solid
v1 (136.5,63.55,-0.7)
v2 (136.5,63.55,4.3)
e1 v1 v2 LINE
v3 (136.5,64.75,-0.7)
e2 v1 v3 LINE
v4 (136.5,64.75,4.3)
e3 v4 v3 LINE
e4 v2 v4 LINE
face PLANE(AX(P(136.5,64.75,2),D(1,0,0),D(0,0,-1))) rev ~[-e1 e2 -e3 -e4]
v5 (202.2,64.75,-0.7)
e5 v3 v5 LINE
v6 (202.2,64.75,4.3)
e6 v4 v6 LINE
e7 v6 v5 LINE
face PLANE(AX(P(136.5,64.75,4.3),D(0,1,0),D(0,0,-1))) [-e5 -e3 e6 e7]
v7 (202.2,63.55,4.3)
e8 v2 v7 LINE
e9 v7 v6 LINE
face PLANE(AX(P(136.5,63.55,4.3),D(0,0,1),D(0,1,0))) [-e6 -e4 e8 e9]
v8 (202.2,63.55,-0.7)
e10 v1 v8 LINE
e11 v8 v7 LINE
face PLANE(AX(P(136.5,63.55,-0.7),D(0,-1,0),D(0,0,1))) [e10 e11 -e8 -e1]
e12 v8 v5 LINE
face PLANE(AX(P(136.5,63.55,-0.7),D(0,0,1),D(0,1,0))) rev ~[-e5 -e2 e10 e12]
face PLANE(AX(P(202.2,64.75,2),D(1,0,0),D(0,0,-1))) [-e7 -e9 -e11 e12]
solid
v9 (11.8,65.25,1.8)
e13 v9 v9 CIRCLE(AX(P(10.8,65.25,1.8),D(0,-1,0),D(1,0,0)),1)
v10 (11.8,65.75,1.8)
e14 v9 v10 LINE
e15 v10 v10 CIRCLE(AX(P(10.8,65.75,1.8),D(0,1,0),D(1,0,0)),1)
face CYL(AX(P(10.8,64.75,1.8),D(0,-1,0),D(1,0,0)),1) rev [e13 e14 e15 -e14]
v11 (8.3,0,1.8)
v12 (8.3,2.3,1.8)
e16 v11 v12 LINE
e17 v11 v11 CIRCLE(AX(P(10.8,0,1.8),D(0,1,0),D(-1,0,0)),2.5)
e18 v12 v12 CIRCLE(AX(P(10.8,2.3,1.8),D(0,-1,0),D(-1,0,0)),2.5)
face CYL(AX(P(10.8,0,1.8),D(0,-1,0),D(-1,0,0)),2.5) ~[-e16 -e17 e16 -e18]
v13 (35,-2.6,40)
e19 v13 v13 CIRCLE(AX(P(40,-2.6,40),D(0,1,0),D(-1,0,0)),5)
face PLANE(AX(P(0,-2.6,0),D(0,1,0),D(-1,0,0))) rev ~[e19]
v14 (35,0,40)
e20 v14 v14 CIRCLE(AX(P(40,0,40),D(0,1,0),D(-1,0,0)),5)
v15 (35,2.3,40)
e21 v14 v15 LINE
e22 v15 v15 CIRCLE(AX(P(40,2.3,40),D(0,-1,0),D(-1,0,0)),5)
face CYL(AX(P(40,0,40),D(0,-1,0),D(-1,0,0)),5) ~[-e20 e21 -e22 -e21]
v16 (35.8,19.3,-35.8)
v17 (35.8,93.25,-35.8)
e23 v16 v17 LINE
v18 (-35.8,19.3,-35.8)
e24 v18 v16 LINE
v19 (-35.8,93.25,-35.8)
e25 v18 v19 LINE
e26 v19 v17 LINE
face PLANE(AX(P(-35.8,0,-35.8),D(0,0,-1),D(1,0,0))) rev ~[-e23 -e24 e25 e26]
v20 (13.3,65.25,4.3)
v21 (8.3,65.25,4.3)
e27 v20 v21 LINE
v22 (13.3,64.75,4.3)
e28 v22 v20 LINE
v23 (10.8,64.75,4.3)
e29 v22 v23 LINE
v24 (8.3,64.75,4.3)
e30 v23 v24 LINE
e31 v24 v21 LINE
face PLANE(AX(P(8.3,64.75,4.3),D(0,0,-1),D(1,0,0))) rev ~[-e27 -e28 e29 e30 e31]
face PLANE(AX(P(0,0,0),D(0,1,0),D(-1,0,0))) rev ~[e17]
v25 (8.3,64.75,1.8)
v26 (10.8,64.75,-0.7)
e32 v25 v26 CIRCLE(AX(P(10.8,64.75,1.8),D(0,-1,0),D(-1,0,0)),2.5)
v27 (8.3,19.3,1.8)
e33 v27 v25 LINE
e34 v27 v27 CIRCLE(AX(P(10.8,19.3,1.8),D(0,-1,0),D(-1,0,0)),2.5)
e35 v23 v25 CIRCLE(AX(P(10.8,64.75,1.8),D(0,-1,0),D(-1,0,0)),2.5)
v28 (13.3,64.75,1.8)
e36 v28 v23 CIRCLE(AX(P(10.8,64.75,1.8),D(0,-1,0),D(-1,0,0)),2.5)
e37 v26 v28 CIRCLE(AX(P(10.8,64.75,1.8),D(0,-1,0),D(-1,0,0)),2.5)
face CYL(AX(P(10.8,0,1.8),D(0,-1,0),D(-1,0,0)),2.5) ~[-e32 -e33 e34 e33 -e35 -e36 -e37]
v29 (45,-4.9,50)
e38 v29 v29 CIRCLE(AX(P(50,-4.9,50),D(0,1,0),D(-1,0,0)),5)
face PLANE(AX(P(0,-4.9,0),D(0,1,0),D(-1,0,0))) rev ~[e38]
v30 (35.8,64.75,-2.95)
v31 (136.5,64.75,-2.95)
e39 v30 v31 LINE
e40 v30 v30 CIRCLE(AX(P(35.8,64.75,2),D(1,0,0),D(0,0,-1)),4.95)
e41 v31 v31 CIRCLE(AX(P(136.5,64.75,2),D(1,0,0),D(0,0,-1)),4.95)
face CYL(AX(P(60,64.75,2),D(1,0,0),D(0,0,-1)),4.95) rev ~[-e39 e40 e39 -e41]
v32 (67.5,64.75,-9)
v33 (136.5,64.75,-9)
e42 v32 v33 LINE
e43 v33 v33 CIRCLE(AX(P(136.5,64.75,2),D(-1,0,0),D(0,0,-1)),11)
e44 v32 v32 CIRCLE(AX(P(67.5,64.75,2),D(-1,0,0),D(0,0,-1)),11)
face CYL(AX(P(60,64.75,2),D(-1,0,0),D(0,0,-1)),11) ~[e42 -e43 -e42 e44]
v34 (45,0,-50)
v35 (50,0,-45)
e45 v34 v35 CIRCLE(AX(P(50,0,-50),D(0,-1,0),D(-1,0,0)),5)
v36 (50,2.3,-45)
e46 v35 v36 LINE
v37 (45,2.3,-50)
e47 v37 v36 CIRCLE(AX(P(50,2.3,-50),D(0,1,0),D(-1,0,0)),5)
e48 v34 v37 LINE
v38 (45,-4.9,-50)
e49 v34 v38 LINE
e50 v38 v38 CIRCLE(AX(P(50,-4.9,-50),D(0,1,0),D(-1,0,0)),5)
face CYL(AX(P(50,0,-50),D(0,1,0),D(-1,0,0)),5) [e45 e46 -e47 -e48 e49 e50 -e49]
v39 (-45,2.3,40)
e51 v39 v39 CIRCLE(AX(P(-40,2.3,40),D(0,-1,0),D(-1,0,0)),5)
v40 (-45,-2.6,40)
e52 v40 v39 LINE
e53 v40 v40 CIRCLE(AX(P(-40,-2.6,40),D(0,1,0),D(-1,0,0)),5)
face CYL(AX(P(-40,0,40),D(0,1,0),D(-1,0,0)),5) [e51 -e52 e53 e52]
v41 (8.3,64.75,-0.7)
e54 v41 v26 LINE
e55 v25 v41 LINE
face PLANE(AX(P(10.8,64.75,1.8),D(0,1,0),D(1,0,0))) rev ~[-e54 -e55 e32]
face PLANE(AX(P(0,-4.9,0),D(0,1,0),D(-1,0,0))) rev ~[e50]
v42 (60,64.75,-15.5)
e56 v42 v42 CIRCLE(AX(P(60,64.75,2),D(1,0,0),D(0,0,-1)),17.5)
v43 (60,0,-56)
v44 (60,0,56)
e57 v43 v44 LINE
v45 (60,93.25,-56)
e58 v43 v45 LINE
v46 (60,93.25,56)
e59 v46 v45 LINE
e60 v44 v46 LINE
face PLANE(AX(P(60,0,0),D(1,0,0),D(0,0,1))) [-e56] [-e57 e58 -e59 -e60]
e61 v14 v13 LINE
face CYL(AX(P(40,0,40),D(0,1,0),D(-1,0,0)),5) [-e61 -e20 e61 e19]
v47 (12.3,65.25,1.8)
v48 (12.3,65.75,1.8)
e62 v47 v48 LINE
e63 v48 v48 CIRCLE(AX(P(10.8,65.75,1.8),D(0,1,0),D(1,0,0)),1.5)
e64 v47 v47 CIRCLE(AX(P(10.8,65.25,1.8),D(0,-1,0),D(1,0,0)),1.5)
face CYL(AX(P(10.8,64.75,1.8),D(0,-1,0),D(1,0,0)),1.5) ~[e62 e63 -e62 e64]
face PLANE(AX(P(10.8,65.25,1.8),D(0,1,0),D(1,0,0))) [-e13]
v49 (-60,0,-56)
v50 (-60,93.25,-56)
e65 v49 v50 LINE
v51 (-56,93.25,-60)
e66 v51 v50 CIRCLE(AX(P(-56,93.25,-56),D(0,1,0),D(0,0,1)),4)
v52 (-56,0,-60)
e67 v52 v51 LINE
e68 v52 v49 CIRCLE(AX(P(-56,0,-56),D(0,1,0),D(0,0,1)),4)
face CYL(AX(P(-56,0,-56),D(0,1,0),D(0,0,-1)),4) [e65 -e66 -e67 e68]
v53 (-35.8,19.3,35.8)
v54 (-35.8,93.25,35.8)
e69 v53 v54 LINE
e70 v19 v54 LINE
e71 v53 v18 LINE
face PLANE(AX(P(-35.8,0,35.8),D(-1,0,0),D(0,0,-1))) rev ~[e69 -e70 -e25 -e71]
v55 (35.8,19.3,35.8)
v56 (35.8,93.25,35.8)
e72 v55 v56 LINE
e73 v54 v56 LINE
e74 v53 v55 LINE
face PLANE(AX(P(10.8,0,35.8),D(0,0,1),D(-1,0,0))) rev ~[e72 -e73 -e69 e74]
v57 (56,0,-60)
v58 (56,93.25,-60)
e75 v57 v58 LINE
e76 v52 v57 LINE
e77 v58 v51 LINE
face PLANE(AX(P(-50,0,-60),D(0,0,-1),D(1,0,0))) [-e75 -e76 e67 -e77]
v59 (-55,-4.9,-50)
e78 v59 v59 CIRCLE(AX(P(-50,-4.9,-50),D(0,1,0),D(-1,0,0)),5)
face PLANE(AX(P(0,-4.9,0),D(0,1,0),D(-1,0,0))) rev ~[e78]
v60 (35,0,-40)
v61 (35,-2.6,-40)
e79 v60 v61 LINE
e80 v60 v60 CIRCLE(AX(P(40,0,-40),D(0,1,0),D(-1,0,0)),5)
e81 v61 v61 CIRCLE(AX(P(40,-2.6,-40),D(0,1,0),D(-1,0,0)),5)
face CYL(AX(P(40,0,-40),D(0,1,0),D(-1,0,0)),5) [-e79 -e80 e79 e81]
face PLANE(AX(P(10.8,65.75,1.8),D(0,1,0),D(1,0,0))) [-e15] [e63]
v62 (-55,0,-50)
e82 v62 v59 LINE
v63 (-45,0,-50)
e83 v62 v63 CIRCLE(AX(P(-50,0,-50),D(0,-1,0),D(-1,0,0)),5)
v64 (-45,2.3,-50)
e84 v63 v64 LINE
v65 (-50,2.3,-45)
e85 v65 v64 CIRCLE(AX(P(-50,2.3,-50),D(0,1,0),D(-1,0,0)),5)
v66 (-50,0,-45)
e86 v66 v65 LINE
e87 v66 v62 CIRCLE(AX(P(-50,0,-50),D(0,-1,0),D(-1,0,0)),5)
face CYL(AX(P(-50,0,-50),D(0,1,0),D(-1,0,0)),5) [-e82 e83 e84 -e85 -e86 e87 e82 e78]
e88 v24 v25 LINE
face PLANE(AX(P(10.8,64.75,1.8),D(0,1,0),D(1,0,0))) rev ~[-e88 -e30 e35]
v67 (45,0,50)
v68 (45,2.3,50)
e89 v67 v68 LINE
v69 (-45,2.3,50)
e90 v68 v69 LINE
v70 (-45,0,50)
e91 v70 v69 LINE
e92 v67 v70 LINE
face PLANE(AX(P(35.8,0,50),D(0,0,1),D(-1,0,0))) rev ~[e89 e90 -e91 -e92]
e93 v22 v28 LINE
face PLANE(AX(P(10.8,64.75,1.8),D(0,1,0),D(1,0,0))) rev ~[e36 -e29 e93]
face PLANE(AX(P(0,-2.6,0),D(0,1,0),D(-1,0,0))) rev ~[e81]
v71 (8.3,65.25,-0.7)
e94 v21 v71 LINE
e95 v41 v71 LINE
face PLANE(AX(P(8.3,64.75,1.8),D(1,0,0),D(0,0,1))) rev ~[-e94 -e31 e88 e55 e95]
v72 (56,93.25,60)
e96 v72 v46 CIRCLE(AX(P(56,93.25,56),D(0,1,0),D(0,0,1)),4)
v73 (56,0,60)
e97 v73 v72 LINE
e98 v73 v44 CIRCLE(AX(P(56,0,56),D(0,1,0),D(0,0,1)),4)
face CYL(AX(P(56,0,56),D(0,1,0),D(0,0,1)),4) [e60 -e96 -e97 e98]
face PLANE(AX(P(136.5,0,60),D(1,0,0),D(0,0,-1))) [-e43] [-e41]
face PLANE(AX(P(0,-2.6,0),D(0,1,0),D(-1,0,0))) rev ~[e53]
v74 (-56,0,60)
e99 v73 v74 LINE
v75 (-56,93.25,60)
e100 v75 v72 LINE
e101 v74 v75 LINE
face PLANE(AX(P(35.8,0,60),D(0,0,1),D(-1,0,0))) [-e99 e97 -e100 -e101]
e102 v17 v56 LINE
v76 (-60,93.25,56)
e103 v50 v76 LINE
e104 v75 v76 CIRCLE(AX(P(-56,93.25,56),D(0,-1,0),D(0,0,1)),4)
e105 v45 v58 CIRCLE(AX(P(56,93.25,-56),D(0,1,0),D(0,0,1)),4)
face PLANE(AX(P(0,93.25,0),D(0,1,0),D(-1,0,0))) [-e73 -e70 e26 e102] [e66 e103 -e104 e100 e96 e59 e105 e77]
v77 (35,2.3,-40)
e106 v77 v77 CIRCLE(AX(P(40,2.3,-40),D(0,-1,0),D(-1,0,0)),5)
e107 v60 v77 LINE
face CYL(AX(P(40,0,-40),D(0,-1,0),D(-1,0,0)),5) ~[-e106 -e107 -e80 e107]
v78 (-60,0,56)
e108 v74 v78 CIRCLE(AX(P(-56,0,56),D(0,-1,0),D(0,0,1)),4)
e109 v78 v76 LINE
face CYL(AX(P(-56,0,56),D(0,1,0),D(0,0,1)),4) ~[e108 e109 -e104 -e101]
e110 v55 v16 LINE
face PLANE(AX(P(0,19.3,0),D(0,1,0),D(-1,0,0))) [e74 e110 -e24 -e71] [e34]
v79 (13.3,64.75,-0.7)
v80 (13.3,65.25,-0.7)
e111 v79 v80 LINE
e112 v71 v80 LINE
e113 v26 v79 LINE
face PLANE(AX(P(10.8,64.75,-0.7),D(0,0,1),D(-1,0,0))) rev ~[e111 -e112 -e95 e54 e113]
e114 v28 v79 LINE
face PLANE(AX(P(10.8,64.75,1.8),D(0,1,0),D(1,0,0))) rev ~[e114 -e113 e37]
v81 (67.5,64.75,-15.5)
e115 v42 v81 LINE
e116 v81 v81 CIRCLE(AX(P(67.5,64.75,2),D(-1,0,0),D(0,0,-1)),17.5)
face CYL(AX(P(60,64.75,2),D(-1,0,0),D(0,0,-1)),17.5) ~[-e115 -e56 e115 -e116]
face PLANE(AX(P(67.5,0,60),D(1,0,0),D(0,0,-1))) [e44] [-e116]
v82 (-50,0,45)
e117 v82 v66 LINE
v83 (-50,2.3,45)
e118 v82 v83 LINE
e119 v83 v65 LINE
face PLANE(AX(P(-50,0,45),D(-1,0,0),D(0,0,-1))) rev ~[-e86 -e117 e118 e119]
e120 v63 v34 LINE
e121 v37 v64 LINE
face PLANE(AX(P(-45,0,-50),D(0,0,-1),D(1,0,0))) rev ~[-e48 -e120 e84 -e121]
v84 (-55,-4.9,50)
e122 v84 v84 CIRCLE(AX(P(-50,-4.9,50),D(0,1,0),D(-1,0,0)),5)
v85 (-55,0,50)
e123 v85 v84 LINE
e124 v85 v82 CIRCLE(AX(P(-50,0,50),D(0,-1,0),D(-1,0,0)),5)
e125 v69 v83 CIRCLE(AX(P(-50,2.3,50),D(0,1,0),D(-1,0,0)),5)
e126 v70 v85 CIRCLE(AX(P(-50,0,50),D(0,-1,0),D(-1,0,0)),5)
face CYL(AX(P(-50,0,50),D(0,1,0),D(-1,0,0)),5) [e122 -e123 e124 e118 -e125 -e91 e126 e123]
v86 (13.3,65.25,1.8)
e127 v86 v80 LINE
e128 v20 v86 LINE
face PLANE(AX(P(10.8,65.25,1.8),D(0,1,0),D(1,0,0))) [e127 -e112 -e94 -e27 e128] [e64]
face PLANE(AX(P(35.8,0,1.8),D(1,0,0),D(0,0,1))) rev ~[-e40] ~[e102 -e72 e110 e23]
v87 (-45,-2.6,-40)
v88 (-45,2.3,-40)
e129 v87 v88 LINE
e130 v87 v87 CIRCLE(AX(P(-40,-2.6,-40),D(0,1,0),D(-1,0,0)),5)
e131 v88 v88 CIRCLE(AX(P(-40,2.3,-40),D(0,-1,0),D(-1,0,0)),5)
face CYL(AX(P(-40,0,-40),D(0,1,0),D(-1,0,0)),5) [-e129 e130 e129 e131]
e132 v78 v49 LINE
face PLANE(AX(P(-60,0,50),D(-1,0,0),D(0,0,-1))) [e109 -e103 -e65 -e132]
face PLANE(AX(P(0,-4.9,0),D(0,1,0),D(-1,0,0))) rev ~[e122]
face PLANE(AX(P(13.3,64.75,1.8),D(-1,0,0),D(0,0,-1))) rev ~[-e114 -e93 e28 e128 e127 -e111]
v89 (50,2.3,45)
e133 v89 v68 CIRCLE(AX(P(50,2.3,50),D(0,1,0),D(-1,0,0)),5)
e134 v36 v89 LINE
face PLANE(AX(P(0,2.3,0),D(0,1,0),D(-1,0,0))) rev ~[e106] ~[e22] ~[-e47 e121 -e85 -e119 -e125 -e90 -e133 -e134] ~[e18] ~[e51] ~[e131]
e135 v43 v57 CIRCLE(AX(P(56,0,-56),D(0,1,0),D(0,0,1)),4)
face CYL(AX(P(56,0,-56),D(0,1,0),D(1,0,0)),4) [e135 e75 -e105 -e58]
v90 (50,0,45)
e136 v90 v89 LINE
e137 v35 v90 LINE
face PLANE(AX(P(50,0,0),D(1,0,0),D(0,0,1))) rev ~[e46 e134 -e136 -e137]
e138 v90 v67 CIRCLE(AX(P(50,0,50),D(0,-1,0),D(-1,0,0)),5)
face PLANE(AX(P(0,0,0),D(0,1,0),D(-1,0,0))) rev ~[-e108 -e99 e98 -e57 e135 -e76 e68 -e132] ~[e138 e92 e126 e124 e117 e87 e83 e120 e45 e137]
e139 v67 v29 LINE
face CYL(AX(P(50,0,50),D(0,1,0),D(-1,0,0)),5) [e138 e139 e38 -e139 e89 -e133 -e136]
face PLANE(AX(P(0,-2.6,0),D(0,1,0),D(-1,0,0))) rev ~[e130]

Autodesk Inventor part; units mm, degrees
ref_plane "YZ Plane" through (0, 0, 0) normal (1, 0, 0) x (0, 1, 0)
ref_plane "XZ Plane" through (0, 0, 0) normal (0, 1, 0) x (-1, 0, 0)
ref_plane "XY Plane" through (0, 0, 0) normal (0, 0, 1) x (1, 0, 0)
sketch "Sketch1" plane through (0, 0, 0) normal (0, 1, 0) x (-1, 0, 0)
  line L0 (0, 0) -> (60, 0)
  line L1 (60, 0) -> (60, -60)
  line L2 (60, -60) -> (-60, -60)
  line L3 (-60, -60) -> (-60, 60)
  line L4 (-60, 60) -> (60, 60)
  line L5 (60, 60) -> (60, -60)
  line L6 (-60, 0) -> (-35.8, 0)
  line L7 (-35.8, 60) -> (-35.8, 35.8)
  line L8 (60, 0) -> (35.8, 0)
  line L9 (35.8, -60) -> (35.8, -35.8)
  line L10 (-35.8, 35.8) -> (35.8, 35.8)
  line L11 (35.8, 35.8) -> (35.8, -35.8)
  line L12 (35.8, -35.8) -> (-35.8, -35.8)
  line L13 (-35.8, -35.8) -> (-35.8, 35.8)
  line L14 (-60, 60) -> (-50, 60)
  line L15 (-50, 60) -> (-50, 50)
  line L16 (-50, 50) -> (-60, 50)
  line L17 (-60, 50) -> (-60, 60)
  line L18 (60, 60) -> (50, 60)
  line L19 (50, 60) -> (50, 50)
  line L20 (50, 50) -> (60, 50)
  line L21 (60, 50) -> (60, 60)
  line L22 (60, -60) -> (50, -60)
  line L23 (50, -60) -> (50, -50)
  line L24 (50, -50) -> (60, -50)
  line L25 (60, -50) -> (60, -60)
  line L26 (-60, -60) -> (-50, -60)
  line L27 (-50, -60) -> (-50, -50)
  line L28 (-50, -50) -> (-60, -50)
  line L29 (-60, -50) -> (-60, -60)
  line L30 (-50, 50) -> (50, 50)
  line L31 (50, 50) -> (50, -50)
  line L32 (50, -50) -> (-50, -50)
  line L33 (-50, -50) -> (-50, 50)
  circle A0 centre (-50, 50) radius 5
  circle A1 centre (-50, -50) radius 5
  circle A2 centre (50, -50) radius 5
  circle A3 centre (50, 50) radius 5
  line L34 (-35.8, 35.8) -> (-10.8, 35.8)
  line L35 (-10.8, 35.8) -> (-10.8, 1.8)
  line L36 (-10.8, 1.8) -> (-35.8, 1.8)
  line L37 (-35.8, 1.8) -> (-35.8, 35.8)
  circle A4 centre (-10.8, 1.8) radius 2.5
  line L38 (-50, -50) -> (-40, -50)
  line L39 (-40, -50) -> (-40, -40)
  line L40 (-40, -40) -> (-50, -40)
  line L41 (-50, -40) -> (-50, -50)
  line L42 (-40, -40) -> (40, -40)
  line L43 (40, -40) -> (40, 40)
  line L44 (40, 40) -> (-40, 40)
  line L45 (-40, 40) -> (-40, -40)
  circle A5 centre (-40, -40) radius 5
  circle A6 centre (40, -40) radius 5
  circle A7 centre (40, 40) radius 5
  circle A8 centre (-40, 40) radius 5
  point P0 (45, -50)
  point P1 (50, -45)
  point P2 (50, 45)
  point P3 (45, 50)
  point P4 (-45, 50)
  point P5 (-50, 45)
  point P6 (-50, -45)
  point P7 (-45, -50)
  dimension "d0" = 60
  dimension "d1" = 60
  dimension "d2" = 120
  dimension "d3" = 120
  dimension "d5" = 24.2
  dimension "d7" = 24.2
  dimension "d23" = 24.2
  dimension "d24" = 24.2
  dimension "d26" = 10
  dimension "d27" = 10
  dimension "d28" = 10
  dimension "d29" = 10
  dimension "d30" = 10
  dimension "d31" = 10
  dimension "d32" = 10
  dimension "d33" = 10
  dimension "d34" = 10
  dimension "d35" = 10
  dimension "d36" = 10
  dimension "d37" = 10
  dimension "d42" = 25
  dimension "d43" = 34
  dimension "d44" = 5
  dimension "d53" = 10
  dimension "d54" = 10
  dimension "d55" = 80
  dimension "d56" = 80
  dimension "d57" = 10
  dimension "d58" = 10
  dimension "d59" = 10
  dimension "d60" = 10
extrude "Extrusion1" add sketch "Sketch1" along normal blind 93.25 contours L11 L10 L7 A8 L44 A7 L43 L0 | L0 L43 A6 L9 L11 | L43 A7 L44 A8 L7 L30 A3 L31 L0 | L0 L31 A2 L32 L9 A6 L43 | L9 A6 L42 A5 L45 L6 L13 L12 | L31 A3 L20 L5 L0 | L0 L1 L24 A2 L31 | A6 L9 L42 L43 | L43 L42 L9 A6 | A7 L44 L43 | L43 L44 A7 | L9 L42 A6 | A3 L30 L31 | L31 L20 A3 | A2 L24 L31 | L31 L32 A2 | L13 L6 L45 A8 L7 | L9 A6 L42 | A6 L9 L32 L39 A5 L42 | L1 L2 L23 A2 L24 | L20 A3 L19 L4 L5 | L30 A3 L19 | L19 A3 L20 | L30 L7 L4 L19 A3 | L24 A2 L23 | L23 A2 L32 | A2 L23 L2 L9 L32 | A8 L7 L44 | L44 L7 A8 | A8 L45 L44 L7 | A5 L39 L42 | L42 L45 A5 | L45 A5 L40 L33 L6 | L6 L33 A0 L30 L7 A8 L45 | L30 A0 L15 L4 L7 | L9 L2 L27 A1 L32 | L44 L45 A8 L7 | L39 A5 L40 | L40 A5 L45 | L39 L32 A1 L33 L40 A5 | L33 A1 L28 L3 L6 | L6 L3 L16 A0 L33 | A0 L33 L30 | L30 L15 A0 | A0 L16 L33 | L15 A0 L16 L3 L4 | L16 A0 L15 | L2 L3 L28 A1 L27 | A1 L27 L32 | L32 L33 A1 | L33 L28 A1 | A1 L28 L27
extrude "Extrusion2" add sketch "Sketch1" along normal blind 19.3 contours L11 L12 L13 L36 A4 L35 L10 | L35 A4 L36 L13 L10 | A4 L36 L35 | L35 L36 A4
sketch "Sketch2" plane through (60, 0, 60) normal (1, 0, 0) x (0, 0, -1)
  line L0 (0, 93.25) -> (120, 93.25)
  line L1 (0, 93.25) -> (58, 93.25)
  line L2 (91.8, 93.25) -> (24.2, 93.25)
  line L3 (58, 93.25) -> (58, 0)
  line L4 (0, 0) -> (120, 0) projected
  line L5 (58, 93.25) -> (58, 64.75)
  circle A0 centre (58, 64.75) radius 17.5
  circle A1 centre (58, 64.75) radius 11
  circle A2 centre (58, 64.75) radius 4.95
  line L6 (24.2, 19.3) -> (24.2, 93.25) projected
  dimension "d12" = 28.5
  dimension "d13" = 35
  dimension "d14" = 22
  dimension "d19" = 9.9
  dimension "d48" = 33.8
extrude "Extrusion3" add sketch "Sketch2" along normal blind 7.5 contours A0 L3 A1 | L3 A1 A0
extrude "Extrusion4" add sketch "Sketch2" along normal blind 76.5 contours A1 L3 A2 | L3 A2 A1 | A2 L3 | L3 A2
extrude "Extrusion5" cut sketch "Sketch2" along normal mid plane 160 contours A2 L3 | L3 A2
fillet "Fillet1" radius 4 4 edges at (-60, 46.625, 60) (-60, 46.625, -60) (60, 46.625, 60) (60, 46.625, -60)
extrude "Extrusion6" cut sketch "Sketch1" along normal blind 2.3 contours L11 L10 L7 A8 L44 A7 L43 L0 | L11 L12 L13 L36 A4 L35 L10 | L0 L43 A6 L9 L11 | L43 A7 L44 A8 L7 L30 A3 L31 L0 | L0 L31 A2 L32 L9 A6 L43 | L9 A6 L42 A5 L45 L6 L13 L12 | A6 L9 L42 L43 | L43 L42 L9 A6 | A7 L44 L43 | L43 L44 A7 | L35 A4 L36 L13 L10 | L9 L42 A6 | L13 L6 L45 A8 L7 | A4 L36 L35 | L35 L36 A4 | L9 A6 L42 | A6 L9 L32 L39 A5 L42 | A8 L7 L44 | L44 L7 A8 | A8 L45 L44 L7 | A5 L39 L42 | L42 L45 A5 | L45 A5 L40 L33 L6 | L6 L33 A0 L30 L7 A8 L45 | L44 L45 A8 L7 | L39 A5 L40 | L40 A5 L45 | L39 L32 A1 L33 L40 A5
extrude "Extrusion7" add sketch "Sketch1" against normal blind 4.9 contours A3 L30 L31 | L31 L20 A3 | A2 L24 L31 | L31 L32 A2 | L30 A3 L19 | L19 A3 L20 | L24 A2 L23 | L23 A2 L32 | A0 L33 L30 | L30 L15 A0 | A0 L16 L33 | L16 A0 L15 | A1 L27 L32 | L32 L33 A1 | L33 L28 A1 | A1 L28 L27
extrude "Extrusion8" add sketch "Sketch1" along normal blind 64.75 contours A4 L36 L35 | L35 L36 A4
sketch "Sketch3" plane through (136.5, 64.75, 2) normal (1, 0, 0) x (0, 0, -1)
  line L0 (2.7, -45.45) -> (2.7, 0) projected
  line L1 (-2.3, 0) -> (2.7, 0)
  line L2 (2.7, 0) -> (2.7, -1.2)
  line L3 (2.7, -1.2) -> (-2.3, -1.2)
  line L4 (-2.3, -1.2) -> (-2.3, 0)
  point P0 (2, -64.75)
  dimension "d50" = 1.2
extrude "Extrusion9" add sketch "Sketch3" along normal blind 65.7
extrude "Extrusion10" add sketch "Sketch1" along normal blind 2.3 and the other way blind 2.6 contours A6 L9 L42 L43 | L43 L42 L9 A6 | A7 L44 L43 | L43 L44 A7 | L9 L42 A6 | L9 A6 L42 | A8 L7 L44 | L44 L7 A8 | A8 L45 L44 L7 | A5 L39 L42 | L42 L45 A5 | L44 L45 A8 L7 | L39 A5 L40 | L40 A5 L45
sketch "Sketch4" plane through (10.8, 64.75, 1.8) normal (0, 1, 0) x (1, 0, 0)
  circle A0 centre (0, 0) radius 1
  circle A1 centre (0, 0) radius 1.5
  line L0 (0, 0) -> (2.5, 0)
  circle A2 centre (0, 0) radius 2.5 projected
  line L1 (2.5, 0) -> (2.5, 2.5)
  line L2 (2.5, 2.5) -> (-2.5, 2.5)
  line L3 (-2.5, 2.5) -> (-2.5, -2.5)
  line L4 (-2.5, -2.5) -> (2.5, -2.5)
  line L5 (2.5, -2.5) -> (2.5, 2.5)
  point P0 (-10.8, 1.8)
  point P1 (2.5, 0)
  dimension "d65" = 2
  dimension "d66" = 3
  dimension "d67" = 2.5
  dimension "d68" = 5
  dimension "d69" = 5
extrude "Extrusion11" add sketch "Sketch4" along normal blind 1 contours A1
extrude "Extrusion12" add sketch "Sketch4" along normal blind 0.5 contours A0 | A1 | A2 | A2 L2 L1 | L5 L4 A2 | A2 L3 L2 | L4 L3 A2
properties part number "sample-transferbox"
